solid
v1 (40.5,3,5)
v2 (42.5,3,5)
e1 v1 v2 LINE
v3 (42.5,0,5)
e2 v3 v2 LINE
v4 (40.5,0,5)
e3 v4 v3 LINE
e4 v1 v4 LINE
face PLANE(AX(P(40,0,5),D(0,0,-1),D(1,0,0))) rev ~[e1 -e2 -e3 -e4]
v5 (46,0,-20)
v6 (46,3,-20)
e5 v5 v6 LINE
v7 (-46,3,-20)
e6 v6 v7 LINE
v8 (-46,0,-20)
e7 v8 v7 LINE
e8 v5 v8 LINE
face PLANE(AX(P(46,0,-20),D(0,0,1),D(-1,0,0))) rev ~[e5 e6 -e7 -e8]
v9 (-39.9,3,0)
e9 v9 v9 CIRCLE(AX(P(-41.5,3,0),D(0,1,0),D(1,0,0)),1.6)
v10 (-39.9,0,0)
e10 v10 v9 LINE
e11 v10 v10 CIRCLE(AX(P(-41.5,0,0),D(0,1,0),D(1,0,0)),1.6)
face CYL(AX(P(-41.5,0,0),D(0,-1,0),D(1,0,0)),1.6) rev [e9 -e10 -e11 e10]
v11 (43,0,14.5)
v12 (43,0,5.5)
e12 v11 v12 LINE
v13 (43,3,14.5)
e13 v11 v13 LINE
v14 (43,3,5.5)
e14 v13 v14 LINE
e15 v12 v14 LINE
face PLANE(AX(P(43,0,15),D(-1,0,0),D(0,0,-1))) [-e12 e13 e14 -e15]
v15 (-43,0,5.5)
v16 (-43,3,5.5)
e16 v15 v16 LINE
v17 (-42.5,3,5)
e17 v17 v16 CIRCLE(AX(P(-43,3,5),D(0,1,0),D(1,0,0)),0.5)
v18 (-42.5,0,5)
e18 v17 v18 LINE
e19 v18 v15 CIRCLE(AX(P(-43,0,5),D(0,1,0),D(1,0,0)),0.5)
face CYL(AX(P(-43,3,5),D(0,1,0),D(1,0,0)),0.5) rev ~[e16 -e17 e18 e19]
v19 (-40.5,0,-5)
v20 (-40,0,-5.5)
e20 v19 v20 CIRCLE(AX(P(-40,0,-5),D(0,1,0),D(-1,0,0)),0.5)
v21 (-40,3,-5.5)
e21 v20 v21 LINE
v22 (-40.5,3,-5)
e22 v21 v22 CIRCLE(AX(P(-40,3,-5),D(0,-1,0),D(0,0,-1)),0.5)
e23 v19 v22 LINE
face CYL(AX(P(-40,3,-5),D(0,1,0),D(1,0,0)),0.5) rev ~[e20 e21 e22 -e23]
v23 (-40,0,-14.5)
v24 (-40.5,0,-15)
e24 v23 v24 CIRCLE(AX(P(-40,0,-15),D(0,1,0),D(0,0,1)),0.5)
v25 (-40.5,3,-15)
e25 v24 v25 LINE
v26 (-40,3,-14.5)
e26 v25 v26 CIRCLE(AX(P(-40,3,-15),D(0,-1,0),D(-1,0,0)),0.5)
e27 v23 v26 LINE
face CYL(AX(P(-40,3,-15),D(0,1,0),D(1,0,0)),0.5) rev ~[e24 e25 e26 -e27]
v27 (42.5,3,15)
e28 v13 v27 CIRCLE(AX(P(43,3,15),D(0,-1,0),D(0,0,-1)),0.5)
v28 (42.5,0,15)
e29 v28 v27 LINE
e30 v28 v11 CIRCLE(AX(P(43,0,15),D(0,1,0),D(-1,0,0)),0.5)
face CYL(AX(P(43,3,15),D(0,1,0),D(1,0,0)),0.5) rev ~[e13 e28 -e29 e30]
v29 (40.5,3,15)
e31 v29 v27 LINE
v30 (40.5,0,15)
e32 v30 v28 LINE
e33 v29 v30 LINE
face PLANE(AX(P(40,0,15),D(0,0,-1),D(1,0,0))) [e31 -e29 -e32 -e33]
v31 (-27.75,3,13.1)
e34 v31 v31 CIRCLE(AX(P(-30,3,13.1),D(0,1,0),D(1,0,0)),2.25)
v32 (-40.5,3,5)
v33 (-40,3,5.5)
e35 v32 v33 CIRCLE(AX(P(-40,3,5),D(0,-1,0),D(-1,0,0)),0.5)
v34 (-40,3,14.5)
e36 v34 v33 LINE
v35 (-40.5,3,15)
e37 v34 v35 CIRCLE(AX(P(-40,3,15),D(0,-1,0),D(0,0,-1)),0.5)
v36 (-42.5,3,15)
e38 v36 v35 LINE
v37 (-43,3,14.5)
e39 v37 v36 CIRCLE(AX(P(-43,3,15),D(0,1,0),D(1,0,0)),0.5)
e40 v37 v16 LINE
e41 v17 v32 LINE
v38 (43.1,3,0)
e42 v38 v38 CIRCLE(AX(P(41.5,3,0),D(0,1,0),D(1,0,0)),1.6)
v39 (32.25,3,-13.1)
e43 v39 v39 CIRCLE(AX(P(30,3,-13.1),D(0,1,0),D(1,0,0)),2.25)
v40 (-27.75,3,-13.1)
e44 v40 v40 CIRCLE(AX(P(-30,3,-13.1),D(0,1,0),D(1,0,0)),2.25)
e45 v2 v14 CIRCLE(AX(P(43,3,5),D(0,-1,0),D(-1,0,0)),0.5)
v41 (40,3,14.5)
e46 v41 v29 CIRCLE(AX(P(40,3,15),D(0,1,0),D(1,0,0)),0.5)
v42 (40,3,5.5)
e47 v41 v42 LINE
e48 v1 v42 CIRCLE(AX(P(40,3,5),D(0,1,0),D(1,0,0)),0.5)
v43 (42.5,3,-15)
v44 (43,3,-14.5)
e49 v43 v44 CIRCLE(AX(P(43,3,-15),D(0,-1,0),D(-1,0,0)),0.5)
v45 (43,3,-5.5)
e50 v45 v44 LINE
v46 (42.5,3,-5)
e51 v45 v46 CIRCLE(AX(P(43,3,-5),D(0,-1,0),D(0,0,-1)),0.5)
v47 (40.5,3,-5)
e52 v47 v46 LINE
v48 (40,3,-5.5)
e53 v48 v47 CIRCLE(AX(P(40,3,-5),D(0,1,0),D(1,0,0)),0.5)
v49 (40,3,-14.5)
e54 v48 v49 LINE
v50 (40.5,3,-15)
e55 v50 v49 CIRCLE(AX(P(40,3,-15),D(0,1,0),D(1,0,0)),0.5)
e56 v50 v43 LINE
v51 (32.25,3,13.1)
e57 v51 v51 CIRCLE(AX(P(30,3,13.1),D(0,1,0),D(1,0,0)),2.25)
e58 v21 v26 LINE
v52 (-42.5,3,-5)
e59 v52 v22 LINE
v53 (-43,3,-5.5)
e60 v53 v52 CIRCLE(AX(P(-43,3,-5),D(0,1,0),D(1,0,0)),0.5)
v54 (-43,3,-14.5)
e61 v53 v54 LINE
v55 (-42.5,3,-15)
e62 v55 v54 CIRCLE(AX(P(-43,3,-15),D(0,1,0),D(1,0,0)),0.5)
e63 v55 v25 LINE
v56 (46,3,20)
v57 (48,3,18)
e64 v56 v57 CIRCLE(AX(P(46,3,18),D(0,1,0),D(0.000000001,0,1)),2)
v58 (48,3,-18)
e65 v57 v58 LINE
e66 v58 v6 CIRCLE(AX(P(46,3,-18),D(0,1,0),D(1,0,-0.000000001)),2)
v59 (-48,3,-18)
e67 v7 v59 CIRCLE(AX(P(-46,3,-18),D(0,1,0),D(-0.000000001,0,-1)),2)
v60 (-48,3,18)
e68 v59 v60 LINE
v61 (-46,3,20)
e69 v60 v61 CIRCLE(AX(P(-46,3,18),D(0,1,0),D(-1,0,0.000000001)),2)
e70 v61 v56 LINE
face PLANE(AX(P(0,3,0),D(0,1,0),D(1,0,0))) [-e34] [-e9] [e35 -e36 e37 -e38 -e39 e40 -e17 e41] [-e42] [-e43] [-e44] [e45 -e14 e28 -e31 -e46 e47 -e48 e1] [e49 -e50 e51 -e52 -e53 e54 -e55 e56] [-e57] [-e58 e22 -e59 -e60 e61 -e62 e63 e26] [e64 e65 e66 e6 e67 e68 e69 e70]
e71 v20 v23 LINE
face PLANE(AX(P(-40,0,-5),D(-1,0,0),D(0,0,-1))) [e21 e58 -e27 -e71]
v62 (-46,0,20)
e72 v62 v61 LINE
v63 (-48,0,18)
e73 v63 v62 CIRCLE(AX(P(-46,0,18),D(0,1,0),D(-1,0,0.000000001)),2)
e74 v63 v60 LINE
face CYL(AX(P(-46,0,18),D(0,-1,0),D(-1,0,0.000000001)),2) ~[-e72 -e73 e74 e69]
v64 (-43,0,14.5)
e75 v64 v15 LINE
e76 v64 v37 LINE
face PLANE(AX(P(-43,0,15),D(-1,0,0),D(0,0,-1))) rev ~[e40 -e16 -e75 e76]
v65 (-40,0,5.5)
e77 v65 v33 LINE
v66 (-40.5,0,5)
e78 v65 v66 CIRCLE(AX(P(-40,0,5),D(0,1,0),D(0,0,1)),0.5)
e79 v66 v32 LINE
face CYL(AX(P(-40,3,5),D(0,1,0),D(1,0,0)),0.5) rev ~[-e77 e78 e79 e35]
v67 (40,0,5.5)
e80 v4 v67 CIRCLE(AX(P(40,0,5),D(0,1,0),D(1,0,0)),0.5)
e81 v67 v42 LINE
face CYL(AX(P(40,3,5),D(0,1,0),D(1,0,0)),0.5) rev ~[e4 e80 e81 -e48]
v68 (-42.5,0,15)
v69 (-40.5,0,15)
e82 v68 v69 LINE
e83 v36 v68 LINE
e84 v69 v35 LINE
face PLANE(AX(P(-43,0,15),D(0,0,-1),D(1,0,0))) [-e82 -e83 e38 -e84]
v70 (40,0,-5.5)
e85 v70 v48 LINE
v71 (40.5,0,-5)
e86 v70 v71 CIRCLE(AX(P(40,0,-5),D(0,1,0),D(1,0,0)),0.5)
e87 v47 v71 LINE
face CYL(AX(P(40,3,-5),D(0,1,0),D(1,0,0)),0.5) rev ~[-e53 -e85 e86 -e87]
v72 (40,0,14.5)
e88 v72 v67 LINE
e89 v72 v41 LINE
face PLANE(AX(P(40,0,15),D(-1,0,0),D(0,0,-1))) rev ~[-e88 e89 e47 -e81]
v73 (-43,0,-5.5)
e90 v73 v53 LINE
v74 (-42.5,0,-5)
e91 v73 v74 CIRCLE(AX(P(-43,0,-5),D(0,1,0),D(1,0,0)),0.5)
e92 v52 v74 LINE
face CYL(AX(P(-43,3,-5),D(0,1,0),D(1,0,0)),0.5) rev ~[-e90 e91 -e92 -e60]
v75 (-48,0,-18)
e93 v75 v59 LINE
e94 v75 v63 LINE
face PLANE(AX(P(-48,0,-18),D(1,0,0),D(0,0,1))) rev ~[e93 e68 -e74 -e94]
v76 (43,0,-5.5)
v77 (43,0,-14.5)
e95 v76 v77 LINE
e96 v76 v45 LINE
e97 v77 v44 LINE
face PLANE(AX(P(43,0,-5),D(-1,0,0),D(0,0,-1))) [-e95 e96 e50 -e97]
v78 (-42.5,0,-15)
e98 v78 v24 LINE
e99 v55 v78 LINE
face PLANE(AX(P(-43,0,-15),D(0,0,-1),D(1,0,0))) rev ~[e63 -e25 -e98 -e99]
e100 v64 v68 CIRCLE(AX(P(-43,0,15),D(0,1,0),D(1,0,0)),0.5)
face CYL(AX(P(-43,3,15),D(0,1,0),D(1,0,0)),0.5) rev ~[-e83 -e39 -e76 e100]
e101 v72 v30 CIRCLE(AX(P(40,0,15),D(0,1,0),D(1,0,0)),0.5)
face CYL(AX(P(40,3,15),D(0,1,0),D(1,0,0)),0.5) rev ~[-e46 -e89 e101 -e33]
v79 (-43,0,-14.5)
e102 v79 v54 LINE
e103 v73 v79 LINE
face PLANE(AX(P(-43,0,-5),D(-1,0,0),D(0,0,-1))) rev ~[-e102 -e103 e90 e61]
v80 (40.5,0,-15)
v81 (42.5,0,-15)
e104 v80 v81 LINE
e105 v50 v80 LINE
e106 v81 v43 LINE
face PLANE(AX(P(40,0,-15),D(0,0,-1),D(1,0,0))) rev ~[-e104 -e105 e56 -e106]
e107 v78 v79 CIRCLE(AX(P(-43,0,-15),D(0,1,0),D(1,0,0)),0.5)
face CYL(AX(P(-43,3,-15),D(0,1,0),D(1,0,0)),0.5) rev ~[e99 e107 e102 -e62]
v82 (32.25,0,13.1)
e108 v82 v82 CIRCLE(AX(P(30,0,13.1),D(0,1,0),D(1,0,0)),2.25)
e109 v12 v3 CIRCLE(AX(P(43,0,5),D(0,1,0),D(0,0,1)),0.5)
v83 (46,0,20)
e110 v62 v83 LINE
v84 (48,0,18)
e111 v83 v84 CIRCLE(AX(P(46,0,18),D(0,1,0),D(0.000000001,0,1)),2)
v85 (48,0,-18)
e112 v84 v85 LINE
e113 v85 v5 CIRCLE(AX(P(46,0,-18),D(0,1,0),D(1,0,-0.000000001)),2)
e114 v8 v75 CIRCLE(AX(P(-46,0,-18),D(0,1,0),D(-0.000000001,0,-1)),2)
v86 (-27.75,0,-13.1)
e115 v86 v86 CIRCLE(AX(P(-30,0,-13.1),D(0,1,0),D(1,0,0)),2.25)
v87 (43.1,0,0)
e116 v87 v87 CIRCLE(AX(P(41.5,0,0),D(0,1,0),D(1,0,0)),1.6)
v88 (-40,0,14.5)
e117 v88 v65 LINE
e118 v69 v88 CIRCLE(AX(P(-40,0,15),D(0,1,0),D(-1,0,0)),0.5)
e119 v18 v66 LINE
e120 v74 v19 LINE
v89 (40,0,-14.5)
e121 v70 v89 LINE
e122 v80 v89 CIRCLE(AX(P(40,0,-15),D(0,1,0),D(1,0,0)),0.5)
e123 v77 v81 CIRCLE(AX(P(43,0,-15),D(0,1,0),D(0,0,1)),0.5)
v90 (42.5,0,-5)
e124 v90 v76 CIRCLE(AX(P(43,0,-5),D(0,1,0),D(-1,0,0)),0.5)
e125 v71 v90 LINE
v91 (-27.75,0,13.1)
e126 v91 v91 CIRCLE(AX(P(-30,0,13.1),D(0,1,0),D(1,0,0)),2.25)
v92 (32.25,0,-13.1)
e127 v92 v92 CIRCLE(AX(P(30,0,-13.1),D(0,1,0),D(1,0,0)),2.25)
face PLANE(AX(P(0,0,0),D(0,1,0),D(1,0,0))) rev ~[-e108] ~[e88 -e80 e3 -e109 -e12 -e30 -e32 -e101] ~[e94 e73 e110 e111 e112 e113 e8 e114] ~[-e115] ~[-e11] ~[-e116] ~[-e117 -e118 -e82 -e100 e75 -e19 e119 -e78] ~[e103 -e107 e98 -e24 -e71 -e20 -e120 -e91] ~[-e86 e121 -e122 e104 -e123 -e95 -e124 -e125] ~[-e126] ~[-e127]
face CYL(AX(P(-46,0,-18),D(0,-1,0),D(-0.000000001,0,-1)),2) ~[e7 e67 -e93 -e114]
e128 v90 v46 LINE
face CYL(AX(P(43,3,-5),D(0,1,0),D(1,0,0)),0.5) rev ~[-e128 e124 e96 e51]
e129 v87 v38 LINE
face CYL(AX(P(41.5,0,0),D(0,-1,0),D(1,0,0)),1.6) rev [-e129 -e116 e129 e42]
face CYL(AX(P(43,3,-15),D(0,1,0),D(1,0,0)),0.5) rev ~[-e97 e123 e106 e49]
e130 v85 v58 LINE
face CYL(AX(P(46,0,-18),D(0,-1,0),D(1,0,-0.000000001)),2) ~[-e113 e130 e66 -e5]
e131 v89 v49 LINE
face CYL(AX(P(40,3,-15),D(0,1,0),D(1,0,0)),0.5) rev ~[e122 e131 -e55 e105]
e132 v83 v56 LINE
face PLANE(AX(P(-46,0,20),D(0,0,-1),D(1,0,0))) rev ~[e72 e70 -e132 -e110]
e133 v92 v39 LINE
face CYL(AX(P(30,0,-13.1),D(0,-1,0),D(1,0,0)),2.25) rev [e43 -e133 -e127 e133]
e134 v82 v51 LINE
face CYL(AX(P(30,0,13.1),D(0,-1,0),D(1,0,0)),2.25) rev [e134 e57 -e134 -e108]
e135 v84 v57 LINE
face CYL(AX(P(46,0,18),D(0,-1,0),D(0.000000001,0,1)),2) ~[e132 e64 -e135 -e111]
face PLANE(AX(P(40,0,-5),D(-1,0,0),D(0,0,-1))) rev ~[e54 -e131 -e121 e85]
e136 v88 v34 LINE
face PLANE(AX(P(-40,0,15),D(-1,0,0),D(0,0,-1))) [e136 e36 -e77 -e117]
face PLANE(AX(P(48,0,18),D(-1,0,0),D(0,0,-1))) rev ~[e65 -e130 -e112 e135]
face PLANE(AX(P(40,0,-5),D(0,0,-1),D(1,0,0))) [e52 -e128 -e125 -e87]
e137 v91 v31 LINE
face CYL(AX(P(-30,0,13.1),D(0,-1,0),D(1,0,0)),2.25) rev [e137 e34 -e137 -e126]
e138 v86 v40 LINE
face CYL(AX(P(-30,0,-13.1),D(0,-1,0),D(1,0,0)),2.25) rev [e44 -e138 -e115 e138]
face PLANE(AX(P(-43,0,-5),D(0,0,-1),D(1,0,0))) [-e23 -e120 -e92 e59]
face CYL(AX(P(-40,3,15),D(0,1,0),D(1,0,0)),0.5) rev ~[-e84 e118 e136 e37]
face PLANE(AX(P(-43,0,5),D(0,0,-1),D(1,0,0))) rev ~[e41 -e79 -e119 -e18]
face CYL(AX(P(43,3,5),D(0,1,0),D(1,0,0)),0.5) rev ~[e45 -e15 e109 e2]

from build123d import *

# Parameters (mm, degrees)
SKETCH1_R           = 2.25
SKETCH1_R_2         = 1.6
SKETCH1_W           = 3
SKETCH1_H           = 10
BOSS_EXTRUDE1_DEPTH = 3
SKETCH2_R           = 0.5
CUT_EXTRUDE1_DEPTH  = 4


with BuildPart() as part:
    # Sketch1 → Boss-Extrude1 (new body)
    with BuildSketch(Plane(origin=(0, 0, 0), x_dir=(1, 0, 0), z_dir=(0, 1, 0))):
        with BuildLine():
            Line((-46, -20), (46, -20))
            ThreePointArc((46, -20), (47.414213562, -19.414213562), (48, -18))
            Line((48, -18), (48, 18))
            ThreePointArc((48, 18), (47.414213562, 19.414213562), (46, 20))
            Line((46, 20), (-46, 20))
            ThreePointArc((-46, 20), (-47.414213562, 19.414213562), (-48, 18))
            Line((-48, 18), (-48, -18))
            ThreePointArc((-48, -18), (-47.414213562, -19.414213562), (-46, -20))
        make_face()
        with Locations((-30, 13.1)):
            Circle(SKETCH1_R, mode=Mode.SUBTRACT)
        with Locations((30, 13.1)):
            Circle(SKETCH1_R, mode=Mode.SUBTRACT)
        with Locations((30, -13.1)):
            Circle(SKETCH1_R, mode=Mode.SUBTRACT)
        with Locations((-30, -13.1)):
            Circle(SKETCH1_R, mode=Mode.SUBTRACT)
        with Locations((41.5, 0)):
            Circle(SKETCH1_R_2, mode=Mode.SUBTRACT)
        with Locations((-41.5, 0)):
            Circle(SKETCH1_R_2, mode=Mode.SUBTRACT)
        with Locations((-41.5, 10)):
            Rectangle(SKETCH1_W, SKETCH1_H, mode=Mode.SUBTRACT)
        with Locations((-41.5, -10)):
            Rectangle(SKETCH1_W, SKETCH1_H, mode=Mode.SUBTRACT)
        with Locations((41.5, 10)):
            Rectangle(SKETCH1_W, SKETCH1_H, mode=Mode.SUBTRACT)
        with Locations((41.5, -10)):
            Rectangle(SKETCH1_W, SKETCH1_H, mode=Mode.SUBTRACT)
    extrude(amount=BOSS_EXTRUDE1_DEPTH)

    # Sketch2 → Cut-Extrude1 (cut, through all)
    with BuildSketch(Plane(origin=(0, 3, 0), x_dir=(1, 0, 0), z_dir=(0, 1, 0))):
        with Locations((-43, 15)):
            Circle(SKETCH2_R)
        with Locations((-40, 15)):
            Circle(SKETCH2_R)
        with Locations((-40, 5)):
            Circle(SKETCH2_R)
        with Locations((-43, 5)):
            Circle(SKETCH2_R)
        with Locations((-43, -5)):
            Circle(SKETCH2_R)
        with Locations((-40, -5)):
            Circle(SKETCH2_R)
        with Locations((-43, -15)):
            Circle(SKETCH2_R)
        with Locations((-40, -15)):
            Circle(SKETCH2_R)
        with Locations((40, -15)):
            Circle(SKETCH2_R)
        with Locations((43, -15)):
            Circle(SKETCH2_R)
        with Locations((43, -5)):
            Circle(SKETCH2_R)
        with Locations((40, -5)):
            Circle(SKETCH2_R)
        with Locations((40, 5)):
            Circle(SKETCH2_R)
        with Locations((43, 5)):
            Circle(SKETCH2_R)
        with Locations((43, 15)):
            Circle(SKETCH2_R)
        with Locations((40, 15)):
            Circle(SKETCH2_R)
    extrude(amount=-CUT_EXTRUDE1_DEPTH, mode=Mode.SUBTRACT)


solid = part.part
